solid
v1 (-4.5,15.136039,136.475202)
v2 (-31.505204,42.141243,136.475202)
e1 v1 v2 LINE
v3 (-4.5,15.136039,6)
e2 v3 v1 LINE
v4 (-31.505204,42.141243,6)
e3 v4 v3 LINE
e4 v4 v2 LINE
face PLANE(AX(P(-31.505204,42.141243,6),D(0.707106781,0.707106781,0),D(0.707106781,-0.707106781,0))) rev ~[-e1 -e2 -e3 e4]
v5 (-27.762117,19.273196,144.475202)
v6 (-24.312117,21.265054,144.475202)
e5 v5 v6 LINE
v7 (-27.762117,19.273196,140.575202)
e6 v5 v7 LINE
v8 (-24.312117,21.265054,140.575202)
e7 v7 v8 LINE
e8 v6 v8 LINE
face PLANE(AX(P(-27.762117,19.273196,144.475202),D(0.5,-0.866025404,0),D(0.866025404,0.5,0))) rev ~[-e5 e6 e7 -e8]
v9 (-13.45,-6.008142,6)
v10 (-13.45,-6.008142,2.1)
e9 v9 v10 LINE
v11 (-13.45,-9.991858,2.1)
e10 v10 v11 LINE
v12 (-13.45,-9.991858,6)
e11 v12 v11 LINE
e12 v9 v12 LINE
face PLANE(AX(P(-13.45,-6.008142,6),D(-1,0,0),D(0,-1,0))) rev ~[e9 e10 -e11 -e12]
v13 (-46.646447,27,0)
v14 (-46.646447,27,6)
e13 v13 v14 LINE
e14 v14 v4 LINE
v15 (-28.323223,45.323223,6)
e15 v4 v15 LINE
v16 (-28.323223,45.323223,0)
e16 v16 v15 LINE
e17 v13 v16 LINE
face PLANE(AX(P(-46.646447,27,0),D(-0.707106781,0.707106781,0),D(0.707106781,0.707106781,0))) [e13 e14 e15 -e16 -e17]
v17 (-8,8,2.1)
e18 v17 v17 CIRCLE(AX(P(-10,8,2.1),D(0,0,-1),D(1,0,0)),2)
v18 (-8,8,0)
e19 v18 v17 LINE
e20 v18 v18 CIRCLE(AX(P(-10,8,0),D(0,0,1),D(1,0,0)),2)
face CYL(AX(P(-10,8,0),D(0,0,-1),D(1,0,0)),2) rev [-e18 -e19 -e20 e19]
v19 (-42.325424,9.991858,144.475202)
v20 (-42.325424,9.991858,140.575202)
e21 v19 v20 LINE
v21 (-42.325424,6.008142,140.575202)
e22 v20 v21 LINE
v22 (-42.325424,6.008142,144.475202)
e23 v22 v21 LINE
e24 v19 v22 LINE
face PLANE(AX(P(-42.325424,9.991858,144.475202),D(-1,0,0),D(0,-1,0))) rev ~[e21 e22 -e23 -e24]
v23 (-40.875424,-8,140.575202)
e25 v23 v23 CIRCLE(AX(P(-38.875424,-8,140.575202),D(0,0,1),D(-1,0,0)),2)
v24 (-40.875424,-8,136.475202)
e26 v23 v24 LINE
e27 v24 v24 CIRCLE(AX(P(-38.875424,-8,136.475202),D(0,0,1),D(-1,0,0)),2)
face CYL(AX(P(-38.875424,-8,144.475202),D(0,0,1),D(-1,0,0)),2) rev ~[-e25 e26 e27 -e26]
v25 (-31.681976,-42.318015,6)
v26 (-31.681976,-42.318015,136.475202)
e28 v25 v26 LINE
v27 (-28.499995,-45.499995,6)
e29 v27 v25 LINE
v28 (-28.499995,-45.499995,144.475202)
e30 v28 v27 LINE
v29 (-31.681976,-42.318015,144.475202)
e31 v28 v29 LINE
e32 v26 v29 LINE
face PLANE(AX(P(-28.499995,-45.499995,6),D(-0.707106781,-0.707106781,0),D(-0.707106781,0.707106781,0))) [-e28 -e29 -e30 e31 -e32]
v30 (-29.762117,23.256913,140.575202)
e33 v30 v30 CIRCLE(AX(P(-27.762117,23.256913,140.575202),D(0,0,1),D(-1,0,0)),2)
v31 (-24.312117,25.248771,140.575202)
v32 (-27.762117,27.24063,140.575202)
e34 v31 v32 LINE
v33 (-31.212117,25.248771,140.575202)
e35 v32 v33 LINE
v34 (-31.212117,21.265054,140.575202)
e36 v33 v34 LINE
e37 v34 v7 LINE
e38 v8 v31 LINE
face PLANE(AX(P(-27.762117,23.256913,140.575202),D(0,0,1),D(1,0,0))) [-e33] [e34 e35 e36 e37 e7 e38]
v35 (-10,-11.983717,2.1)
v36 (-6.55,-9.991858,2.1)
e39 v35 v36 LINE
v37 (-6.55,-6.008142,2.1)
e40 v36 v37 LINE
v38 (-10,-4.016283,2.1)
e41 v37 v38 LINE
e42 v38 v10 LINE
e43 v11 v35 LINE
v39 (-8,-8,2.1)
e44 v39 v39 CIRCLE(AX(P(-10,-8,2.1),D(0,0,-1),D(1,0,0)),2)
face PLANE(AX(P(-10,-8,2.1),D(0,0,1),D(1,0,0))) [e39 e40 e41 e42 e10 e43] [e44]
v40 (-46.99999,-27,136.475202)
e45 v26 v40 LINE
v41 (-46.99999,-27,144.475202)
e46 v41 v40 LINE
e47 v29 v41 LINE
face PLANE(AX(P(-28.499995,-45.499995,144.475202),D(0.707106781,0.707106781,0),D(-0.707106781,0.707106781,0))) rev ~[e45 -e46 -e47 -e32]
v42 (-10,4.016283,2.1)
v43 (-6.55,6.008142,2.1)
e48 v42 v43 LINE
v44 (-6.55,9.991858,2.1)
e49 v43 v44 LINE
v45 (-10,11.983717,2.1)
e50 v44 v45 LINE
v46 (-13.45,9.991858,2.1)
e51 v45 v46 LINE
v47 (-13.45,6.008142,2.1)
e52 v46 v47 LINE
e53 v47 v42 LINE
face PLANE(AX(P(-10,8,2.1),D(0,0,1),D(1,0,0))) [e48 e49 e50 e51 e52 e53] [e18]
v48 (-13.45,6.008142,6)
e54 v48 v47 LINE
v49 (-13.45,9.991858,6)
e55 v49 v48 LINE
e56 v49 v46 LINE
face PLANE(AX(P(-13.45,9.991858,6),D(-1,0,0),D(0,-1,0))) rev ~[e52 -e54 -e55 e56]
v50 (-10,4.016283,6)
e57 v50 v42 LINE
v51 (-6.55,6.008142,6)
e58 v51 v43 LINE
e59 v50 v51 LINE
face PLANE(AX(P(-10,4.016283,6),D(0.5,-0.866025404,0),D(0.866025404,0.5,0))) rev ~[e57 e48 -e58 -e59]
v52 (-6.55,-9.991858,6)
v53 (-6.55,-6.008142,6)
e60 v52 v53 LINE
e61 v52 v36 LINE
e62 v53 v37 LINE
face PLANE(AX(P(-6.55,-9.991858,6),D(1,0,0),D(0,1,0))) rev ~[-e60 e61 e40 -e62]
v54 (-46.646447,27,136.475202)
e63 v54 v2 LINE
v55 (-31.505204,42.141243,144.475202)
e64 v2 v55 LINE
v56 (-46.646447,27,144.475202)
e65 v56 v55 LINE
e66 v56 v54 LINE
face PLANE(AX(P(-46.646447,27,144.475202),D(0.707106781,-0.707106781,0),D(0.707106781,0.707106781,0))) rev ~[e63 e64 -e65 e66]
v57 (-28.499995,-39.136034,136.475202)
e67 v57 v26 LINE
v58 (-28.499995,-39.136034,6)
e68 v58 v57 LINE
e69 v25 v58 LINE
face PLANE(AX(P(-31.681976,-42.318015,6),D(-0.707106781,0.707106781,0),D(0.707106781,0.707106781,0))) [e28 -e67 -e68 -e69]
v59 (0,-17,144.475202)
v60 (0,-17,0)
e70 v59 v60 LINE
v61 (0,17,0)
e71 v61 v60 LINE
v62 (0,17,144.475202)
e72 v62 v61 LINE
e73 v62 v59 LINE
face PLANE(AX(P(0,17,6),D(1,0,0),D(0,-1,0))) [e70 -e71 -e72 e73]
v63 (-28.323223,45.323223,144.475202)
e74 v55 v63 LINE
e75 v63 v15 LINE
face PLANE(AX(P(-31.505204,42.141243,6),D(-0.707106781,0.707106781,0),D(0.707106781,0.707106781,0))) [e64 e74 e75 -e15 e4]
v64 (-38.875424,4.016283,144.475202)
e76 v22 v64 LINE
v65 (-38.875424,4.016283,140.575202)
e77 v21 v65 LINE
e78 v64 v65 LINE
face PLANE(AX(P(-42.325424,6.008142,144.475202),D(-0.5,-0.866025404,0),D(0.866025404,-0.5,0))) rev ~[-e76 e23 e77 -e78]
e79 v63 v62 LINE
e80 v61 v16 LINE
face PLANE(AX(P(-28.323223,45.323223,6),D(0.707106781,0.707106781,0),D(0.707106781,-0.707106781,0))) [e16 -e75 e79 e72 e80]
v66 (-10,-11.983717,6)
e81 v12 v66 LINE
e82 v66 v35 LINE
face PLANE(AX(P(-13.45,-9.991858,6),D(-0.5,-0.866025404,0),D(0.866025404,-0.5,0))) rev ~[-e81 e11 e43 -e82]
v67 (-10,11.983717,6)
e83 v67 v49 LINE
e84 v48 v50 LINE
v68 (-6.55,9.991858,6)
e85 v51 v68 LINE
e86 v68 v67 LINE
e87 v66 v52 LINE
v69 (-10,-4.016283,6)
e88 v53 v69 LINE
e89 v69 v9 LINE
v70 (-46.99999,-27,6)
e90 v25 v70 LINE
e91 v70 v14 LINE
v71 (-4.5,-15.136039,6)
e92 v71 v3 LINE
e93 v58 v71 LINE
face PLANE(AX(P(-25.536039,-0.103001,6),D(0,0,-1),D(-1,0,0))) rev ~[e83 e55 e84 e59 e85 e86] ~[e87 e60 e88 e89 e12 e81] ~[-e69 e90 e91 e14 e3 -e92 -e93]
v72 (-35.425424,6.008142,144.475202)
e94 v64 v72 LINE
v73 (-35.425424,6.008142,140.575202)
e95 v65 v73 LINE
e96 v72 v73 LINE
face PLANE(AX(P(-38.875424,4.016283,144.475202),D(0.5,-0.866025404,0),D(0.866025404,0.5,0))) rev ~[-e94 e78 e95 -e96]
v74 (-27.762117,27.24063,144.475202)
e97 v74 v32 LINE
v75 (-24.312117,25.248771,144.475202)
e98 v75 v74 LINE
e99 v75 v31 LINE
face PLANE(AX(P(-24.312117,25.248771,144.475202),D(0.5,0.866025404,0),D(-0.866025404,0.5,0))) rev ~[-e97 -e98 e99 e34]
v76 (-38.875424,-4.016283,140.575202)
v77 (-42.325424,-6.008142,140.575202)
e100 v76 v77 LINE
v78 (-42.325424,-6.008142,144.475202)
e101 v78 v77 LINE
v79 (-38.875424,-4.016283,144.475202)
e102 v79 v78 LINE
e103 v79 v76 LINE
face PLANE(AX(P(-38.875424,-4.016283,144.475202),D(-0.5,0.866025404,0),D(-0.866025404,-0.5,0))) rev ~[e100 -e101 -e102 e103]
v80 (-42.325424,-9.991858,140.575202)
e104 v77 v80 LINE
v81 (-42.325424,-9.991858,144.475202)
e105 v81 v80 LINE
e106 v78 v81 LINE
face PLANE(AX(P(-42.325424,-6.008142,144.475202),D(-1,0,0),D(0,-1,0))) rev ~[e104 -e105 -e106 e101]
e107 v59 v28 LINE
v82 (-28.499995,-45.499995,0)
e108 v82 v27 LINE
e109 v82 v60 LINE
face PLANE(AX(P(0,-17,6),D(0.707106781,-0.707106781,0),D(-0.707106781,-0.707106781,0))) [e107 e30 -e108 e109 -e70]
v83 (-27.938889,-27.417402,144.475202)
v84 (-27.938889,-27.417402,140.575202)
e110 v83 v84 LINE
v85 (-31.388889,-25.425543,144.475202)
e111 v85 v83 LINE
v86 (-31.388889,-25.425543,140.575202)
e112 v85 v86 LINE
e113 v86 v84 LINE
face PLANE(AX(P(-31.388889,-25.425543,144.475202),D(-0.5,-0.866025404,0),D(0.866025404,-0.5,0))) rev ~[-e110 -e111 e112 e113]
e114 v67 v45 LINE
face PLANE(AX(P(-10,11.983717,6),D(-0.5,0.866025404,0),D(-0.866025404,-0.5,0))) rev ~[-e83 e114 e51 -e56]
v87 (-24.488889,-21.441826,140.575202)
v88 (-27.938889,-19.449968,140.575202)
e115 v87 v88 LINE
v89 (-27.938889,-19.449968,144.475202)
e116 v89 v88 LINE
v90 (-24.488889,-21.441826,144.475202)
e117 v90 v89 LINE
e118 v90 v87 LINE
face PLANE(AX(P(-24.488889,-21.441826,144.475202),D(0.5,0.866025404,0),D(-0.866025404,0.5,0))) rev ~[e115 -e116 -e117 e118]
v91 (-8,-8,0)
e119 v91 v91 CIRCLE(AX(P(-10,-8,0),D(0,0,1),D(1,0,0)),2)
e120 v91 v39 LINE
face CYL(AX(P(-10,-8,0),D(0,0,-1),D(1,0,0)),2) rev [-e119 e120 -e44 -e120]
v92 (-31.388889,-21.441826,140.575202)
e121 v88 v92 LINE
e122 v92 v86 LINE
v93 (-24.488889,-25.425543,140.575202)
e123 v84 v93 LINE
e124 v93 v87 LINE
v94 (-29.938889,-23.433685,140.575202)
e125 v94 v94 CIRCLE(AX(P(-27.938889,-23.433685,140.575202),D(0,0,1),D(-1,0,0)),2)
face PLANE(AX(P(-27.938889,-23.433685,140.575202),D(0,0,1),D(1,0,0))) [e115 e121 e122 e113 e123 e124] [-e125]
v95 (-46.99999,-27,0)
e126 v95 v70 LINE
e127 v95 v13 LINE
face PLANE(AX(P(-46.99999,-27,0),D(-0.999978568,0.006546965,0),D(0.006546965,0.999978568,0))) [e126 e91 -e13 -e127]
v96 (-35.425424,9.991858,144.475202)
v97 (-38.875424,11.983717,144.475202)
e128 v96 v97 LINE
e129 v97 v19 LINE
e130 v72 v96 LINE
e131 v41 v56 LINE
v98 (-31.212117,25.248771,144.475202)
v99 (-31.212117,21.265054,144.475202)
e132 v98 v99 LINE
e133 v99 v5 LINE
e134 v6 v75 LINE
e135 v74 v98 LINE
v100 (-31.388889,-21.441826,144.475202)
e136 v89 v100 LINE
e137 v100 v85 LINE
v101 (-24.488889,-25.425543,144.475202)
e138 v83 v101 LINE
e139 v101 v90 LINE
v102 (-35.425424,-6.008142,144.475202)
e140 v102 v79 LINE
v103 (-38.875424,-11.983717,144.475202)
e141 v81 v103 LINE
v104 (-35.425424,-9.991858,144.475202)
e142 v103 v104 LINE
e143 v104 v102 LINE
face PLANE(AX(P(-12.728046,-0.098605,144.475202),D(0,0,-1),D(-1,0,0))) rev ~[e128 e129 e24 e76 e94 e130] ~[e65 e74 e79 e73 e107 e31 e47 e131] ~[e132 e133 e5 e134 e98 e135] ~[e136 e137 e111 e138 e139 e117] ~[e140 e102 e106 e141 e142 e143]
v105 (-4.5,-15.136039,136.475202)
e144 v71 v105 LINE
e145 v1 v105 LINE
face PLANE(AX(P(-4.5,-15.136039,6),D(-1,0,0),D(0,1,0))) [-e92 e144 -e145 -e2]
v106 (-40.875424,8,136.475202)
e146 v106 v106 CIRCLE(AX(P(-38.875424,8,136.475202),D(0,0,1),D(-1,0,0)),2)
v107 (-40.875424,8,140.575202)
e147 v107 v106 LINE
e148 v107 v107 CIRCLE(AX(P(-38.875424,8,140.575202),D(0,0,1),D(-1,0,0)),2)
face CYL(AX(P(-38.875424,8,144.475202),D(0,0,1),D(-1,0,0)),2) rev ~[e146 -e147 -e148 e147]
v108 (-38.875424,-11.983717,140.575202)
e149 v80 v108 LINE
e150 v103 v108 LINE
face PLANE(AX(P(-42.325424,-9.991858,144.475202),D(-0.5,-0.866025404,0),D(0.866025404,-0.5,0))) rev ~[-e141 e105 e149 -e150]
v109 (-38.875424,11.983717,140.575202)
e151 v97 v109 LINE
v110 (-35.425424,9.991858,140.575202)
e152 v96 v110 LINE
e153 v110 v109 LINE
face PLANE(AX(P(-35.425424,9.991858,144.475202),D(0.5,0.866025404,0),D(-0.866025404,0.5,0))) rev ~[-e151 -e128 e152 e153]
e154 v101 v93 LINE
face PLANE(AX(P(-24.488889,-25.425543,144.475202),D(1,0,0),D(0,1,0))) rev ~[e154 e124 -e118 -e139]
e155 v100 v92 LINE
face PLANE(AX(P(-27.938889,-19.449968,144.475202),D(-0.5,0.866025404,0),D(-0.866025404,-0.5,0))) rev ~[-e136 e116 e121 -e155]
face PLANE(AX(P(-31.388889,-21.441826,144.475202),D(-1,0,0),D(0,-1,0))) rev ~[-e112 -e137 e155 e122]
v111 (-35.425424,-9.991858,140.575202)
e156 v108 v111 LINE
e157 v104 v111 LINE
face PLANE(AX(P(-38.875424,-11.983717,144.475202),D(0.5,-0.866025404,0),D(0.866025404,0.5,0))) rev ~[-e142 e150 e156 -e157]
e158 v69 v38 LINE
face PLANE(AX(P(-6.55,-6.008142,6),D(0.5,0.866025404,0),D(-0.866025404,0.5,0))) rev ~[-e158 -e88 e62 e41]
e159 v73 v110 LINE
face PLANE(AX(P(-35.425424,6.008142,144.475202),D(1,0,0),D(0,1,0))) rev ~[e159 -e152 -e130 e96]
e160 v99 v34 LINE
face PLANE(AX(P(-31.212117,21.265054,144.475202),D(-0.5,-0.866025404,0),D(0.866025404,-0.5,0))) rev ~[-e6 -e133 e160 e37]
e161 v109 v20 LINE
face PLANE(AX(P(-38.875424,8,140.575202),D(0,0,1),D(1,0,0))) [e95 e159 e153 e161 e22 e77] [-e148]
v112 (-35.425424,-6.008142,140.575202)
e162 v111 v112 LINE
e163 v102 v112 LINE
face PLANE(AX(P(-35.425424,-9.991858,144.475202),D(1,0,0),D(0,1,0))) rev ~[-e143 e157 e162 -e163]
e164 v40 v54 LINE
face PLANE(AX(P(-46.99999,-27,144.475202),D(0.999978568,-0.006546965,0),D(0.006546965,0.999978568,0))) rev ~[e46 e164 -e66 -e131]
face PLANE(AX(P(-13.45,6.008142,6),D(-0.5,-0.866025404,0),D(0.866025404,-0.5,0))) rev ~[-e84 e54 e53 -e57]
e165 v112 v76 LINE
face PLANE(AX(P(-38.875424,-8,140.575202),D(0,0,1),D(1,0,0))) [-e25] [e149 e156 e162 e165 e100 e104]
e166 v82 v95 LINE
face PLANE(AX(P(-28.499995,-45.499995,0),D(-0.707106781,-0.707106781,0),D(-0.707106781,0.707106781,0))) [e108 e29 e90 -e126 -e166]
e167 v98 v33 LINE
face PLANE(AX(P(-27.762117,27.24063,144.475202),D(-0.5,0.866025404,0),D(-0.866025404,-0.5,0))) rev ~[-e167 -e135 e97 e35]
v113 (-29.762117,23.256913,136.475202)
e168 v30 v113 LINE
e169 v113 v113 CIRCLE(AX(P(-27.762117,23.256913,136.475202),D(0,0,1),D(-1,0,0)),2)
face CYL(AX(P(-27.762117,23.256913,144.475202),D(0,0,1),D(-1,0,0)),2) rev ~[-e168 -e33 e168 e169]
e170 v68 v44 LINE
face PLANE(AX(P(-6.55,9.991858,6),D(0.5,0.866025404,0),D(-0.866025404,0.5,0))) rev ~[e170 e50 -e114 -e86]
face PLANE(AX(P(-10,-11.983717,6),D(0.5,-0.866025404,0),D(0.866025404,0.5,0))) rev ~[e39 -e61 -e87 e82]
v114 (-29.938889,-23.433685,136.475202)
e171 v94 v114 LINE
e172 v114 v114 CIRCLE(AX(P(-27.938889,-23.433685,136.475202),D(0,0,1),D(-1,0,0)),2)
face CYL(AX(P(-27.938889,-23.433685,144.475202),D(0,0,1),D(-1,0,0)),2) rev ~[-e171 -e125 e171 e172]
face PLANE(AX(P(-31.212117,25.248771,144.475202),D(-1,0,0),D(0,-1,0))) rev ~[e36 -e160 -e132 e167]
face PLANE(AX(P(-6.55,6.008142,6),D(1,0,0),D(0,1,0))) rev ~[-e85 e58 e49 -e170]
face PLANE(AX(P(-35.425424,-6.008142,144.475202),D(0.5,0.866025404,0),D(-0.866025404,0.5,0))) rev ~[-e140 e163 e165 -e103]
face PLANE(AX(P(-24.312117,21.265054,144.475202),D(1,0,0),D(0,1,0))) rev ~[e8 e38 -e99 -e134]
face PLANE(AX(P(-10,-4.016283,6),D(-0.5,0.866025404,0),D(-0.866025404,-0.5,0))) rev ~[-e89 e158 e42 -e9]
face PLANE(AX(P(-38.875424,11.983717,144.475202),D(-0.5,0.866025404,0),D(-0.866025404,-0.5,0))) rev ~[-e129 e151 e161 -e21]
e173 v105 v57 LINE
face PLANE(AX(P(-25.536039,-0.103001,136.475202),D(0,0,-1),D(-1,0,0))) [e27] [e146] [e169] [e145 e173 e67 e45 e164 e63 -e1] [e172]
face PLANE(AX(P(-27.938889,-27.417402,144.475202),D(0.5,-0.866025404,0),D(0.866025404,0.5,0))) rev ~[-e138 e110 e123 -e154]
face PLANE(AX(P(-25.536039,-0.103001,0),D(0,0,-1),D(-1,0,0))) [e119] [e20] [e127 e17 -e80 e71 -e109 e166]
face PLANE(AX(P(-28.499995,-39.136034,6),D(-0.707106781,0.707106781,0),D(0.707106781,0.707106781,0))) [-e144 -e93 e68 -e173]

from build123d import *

# Parameters (mm, degrees)
SKETCH1_R                      = 2
BOSS_EXTRUDE1_DEPTH            = 6
CUT_EXTRUDE1_DEPTH             = 3.9
BOSS_EXTRUDE2_DEPTH            = 138.475201729
BOSS_EXTRUDE3_DEPTH            = 8
CUT_EXTRUDE2_REACH             = 160.595
SKETCH5_R                      = 2
CUT_EXTRUDE2_DIRECTION_2_DEPTH = 159.594869272
CUT_EXTRUDE3_DEPTH             = 3.9


with BuildPart() as part:
    # Sketch1 → Boss-Extrude1 (new body)
    with BuildSketch(Plane.XY):
        Polygon((0, 17), (0, -17), (-10, -27), (-28.499995142, -45.499995142), (-46.999990284, -27), (-46.646446609, 27), (-28.323223305, 45.323223305), (-10, 27), align=None)
        with Locations((-10, -8)):
            Circle(SKETCH1_R, mode=Mode.SUBTRACT)
        with Locations((-10, 8)):
            Circle(SKETCH1_R, mode=Mode.SUBTRACT)
    extrude(amount=BOSS_EXTRUDE1_DEPTH)

    # Sketch2 → Cut-Extrude1 (cut)
    with BuildSketch(Plane.XY.offset(6)):
        Polygon((-10, 11.983716857), (-13.45, 9.991858429), (-13.45, 6.008141571), (-10, 4.016283143), (-6.55, 6.008141571), (-6.55, 9.991858429), align=None)
        Polygon((-10, -4.016283143), (-13.45, -6.008141571), (-13.45, -9.991858429), (-10, -11.983716857), (-6.55, -9.991858429), (-6.55, -6.008141571), align=None)
    extrude(amount=-CUT_EXTRUDE1_DEPTH, mode=Mode.SUBTRACT)

    # Sketch3 → Boss-Extrude2 (add)
    with BuildSketch(Plane.XY.offset(6)):
        Polygon((-28.499995142, -39.136034112), (-4.5, -15.136038969), (-4.5, 15.136038969), (-28.323223305, 38.959262274), (-31.50520382, 42.141242789), (-28.323223305, 45.323223305), (0, 17), (0, -17), (-28.499995142, -45.499995142), (-31.681975658, -42.318014627), align=None)
    extrude(amount=BOSS_EXTRUDE2_DEPTH)

    # Sketch4 → Boss-Extrude3 (add)
    with BuildSketch(Plane.XY.offset(144.475201729)):
        Polygon((0, 17), (0, -17), (-28.499995142, -45.499995142), (-46.999990284, -27), (-46.646446609, 27), (-28.323223305, 45.323223305), align=None)
    extrude(amount=-BOSS_EXTRUDE3_DEPTH)

    # Sketch5 → Cut-Extrude2 (cut, up to next)
    with BuildSketch(Plane.XY.offset(144.475201729), mode=Mode.PRIVATE) as cut_extrude2_sk1:
        with Locations(Location((-27.938888553, -23.433684733, 0), (0, 0, 180))):
            Circle(SKETCH5_R)
    cut_extrude2_tool1 = extrude(cut_extrude2_sk1.sketch, amount=-CUT_EXTRUDE2_REACH, mode=Mode.PRIVATE) & part.part
    # Sketch5 → Cut-Extrude2 (cut, up to next)
    with BuildSketch(Plane.XY.offset(144.475201729), mode=Mode.PRIVATE) as cut_extrude2_sk2:
        with Locations(Location((-27.762116716, 23.256912896, 0), (0, 0, 180))):
            Circle(SKETCH5_R)
    cut_extrude2_tool2 = extrude(cut_extrude2_sk2.sketch, amount=-CUT_EXTRUDE2_REACH, mode=Mode.PRIVATE) & part.part
    # Sketch5 → Cut-Extrude2 (cut, up to next)
    with BuildSketch(Plane.XY.offset(144.475201729), mode=Mode.PRIVATE) as cut_extrude2_sk3:
        with Locations(Location((-38.875423831, -8, 0), (0, 0, 180))):
            Circle(SKETCH5_R)
    cut_extrude2_tool3 = extrude(cut_extrude2_sk3.sketch, amount=-CUT_EXTRUDE2_REACH, mode=Mode.PRIVATE) & part.part
    # Sketch5 → Cut-Extrude2 (cut, up to next)
    with BuildSketch(Plane.XY.offset(144.475201729), mode=Mode.PRIVATE) as cut_extrude2_sk4:
        with Locations(Location((-38.875423831, 8, 0), (0, 0, 180))):
            Circle(SKETCH5_R)
    cut_extrude2_tool4 = extrude(cut_extrude2_sk4.sketch, amount=-CUT_EXTRUDE2_REACH, mode=Mode.PRIVATE) & part.part
    add(cut_extrude2_tool1.solids().sort_by_distance((-27.938889, -23.433685, 144.475202))[0], mode=Mode.SUBTRACT)
    add(cut_extrude2_tool2.solids().sort_by_distance((-27.762117, 23.256913, 144.475202))[0], mode=Mode.SUBTRACT)
    add(cut_extrude2_tool3.solids().sort_by_distance((-38.875424, -8, 144.475202))[0], mode=Mode.SUBTRACT)
    add(cut_extrude2_tool4.solids().sort_by_distance((-38.875424, 8, 144.475202))[0], mode=Mode.SUBTRACT)

    # Sketch5 → Cut-Extrude2 direction 2 (cut)
    with BuildSketch(Plane.XY.offset(144.475201729)):
        with Locations(Location((-27.938888553, -23.433684733, 0), (0, 0, 180))):
            Circle(SKETCH5_R)
        with Locations(Location((-27.762116716, 23.256912896, 0), (0, 0, 180))):
            Circle(SKETCH5_R)
        with Locations(Location((-38.875423831, -8, 0), (0, 0, 180))):
            Circle(SKETCH5_R)
        with Locations(Location((-38.875423831, 8, 0), (0, 0, 180))):
            Circle(SKETCH5_R)
    extrude(amount=CUT_EXTRUDE2_DIRECTION_2_DEPTH, mode=Mode.SUBTRACT)

    # Sketch6 → Cut-Extrude3 (cut)
    with BuildSketch(Plane.XY.offset(144.475201729)):
        Polygon((-27.762116716, 27.240629753), (-31.212116716, 25.248771324), (-31.212116716, 21.265054467), (-27.762116716, 19.273196038), (-24.312116716, 21.265054467), (-24.312116716, 25.248771324), align=None)
        Polygon((-38.875423831, 11.983716857), (-42.325423831, 9.991858429), (-42.325423831, 6.008141571), (-38.875423831, 4.016283143), (-35.425423831, 6.008141571), (-35.425423831, 9.991858429), align=None)
        Polygon((-38.875423831, -4.016283143), (-42.325423831, -6.008141571), (-42.325423831, -9.991858429), (-38.875423831, -11.983716857), (-35.425423831, -9.991858429), (-35.425423831, -6.008141571), align=None)
        Polygon((-27.938888553, -19.449967876), (-31.388888553, -21.441826304), (-31.388888553, -25.425543162), (-27.938888553, -27.417401591), (-24.488888553, -25.425543162), (-24.488888553, -21.441826304), align=None)
    extrude(amount=-CUT_EXTRUDE3_DEPTH, mode=Mode.SUBTRACT)


solid = part.part
